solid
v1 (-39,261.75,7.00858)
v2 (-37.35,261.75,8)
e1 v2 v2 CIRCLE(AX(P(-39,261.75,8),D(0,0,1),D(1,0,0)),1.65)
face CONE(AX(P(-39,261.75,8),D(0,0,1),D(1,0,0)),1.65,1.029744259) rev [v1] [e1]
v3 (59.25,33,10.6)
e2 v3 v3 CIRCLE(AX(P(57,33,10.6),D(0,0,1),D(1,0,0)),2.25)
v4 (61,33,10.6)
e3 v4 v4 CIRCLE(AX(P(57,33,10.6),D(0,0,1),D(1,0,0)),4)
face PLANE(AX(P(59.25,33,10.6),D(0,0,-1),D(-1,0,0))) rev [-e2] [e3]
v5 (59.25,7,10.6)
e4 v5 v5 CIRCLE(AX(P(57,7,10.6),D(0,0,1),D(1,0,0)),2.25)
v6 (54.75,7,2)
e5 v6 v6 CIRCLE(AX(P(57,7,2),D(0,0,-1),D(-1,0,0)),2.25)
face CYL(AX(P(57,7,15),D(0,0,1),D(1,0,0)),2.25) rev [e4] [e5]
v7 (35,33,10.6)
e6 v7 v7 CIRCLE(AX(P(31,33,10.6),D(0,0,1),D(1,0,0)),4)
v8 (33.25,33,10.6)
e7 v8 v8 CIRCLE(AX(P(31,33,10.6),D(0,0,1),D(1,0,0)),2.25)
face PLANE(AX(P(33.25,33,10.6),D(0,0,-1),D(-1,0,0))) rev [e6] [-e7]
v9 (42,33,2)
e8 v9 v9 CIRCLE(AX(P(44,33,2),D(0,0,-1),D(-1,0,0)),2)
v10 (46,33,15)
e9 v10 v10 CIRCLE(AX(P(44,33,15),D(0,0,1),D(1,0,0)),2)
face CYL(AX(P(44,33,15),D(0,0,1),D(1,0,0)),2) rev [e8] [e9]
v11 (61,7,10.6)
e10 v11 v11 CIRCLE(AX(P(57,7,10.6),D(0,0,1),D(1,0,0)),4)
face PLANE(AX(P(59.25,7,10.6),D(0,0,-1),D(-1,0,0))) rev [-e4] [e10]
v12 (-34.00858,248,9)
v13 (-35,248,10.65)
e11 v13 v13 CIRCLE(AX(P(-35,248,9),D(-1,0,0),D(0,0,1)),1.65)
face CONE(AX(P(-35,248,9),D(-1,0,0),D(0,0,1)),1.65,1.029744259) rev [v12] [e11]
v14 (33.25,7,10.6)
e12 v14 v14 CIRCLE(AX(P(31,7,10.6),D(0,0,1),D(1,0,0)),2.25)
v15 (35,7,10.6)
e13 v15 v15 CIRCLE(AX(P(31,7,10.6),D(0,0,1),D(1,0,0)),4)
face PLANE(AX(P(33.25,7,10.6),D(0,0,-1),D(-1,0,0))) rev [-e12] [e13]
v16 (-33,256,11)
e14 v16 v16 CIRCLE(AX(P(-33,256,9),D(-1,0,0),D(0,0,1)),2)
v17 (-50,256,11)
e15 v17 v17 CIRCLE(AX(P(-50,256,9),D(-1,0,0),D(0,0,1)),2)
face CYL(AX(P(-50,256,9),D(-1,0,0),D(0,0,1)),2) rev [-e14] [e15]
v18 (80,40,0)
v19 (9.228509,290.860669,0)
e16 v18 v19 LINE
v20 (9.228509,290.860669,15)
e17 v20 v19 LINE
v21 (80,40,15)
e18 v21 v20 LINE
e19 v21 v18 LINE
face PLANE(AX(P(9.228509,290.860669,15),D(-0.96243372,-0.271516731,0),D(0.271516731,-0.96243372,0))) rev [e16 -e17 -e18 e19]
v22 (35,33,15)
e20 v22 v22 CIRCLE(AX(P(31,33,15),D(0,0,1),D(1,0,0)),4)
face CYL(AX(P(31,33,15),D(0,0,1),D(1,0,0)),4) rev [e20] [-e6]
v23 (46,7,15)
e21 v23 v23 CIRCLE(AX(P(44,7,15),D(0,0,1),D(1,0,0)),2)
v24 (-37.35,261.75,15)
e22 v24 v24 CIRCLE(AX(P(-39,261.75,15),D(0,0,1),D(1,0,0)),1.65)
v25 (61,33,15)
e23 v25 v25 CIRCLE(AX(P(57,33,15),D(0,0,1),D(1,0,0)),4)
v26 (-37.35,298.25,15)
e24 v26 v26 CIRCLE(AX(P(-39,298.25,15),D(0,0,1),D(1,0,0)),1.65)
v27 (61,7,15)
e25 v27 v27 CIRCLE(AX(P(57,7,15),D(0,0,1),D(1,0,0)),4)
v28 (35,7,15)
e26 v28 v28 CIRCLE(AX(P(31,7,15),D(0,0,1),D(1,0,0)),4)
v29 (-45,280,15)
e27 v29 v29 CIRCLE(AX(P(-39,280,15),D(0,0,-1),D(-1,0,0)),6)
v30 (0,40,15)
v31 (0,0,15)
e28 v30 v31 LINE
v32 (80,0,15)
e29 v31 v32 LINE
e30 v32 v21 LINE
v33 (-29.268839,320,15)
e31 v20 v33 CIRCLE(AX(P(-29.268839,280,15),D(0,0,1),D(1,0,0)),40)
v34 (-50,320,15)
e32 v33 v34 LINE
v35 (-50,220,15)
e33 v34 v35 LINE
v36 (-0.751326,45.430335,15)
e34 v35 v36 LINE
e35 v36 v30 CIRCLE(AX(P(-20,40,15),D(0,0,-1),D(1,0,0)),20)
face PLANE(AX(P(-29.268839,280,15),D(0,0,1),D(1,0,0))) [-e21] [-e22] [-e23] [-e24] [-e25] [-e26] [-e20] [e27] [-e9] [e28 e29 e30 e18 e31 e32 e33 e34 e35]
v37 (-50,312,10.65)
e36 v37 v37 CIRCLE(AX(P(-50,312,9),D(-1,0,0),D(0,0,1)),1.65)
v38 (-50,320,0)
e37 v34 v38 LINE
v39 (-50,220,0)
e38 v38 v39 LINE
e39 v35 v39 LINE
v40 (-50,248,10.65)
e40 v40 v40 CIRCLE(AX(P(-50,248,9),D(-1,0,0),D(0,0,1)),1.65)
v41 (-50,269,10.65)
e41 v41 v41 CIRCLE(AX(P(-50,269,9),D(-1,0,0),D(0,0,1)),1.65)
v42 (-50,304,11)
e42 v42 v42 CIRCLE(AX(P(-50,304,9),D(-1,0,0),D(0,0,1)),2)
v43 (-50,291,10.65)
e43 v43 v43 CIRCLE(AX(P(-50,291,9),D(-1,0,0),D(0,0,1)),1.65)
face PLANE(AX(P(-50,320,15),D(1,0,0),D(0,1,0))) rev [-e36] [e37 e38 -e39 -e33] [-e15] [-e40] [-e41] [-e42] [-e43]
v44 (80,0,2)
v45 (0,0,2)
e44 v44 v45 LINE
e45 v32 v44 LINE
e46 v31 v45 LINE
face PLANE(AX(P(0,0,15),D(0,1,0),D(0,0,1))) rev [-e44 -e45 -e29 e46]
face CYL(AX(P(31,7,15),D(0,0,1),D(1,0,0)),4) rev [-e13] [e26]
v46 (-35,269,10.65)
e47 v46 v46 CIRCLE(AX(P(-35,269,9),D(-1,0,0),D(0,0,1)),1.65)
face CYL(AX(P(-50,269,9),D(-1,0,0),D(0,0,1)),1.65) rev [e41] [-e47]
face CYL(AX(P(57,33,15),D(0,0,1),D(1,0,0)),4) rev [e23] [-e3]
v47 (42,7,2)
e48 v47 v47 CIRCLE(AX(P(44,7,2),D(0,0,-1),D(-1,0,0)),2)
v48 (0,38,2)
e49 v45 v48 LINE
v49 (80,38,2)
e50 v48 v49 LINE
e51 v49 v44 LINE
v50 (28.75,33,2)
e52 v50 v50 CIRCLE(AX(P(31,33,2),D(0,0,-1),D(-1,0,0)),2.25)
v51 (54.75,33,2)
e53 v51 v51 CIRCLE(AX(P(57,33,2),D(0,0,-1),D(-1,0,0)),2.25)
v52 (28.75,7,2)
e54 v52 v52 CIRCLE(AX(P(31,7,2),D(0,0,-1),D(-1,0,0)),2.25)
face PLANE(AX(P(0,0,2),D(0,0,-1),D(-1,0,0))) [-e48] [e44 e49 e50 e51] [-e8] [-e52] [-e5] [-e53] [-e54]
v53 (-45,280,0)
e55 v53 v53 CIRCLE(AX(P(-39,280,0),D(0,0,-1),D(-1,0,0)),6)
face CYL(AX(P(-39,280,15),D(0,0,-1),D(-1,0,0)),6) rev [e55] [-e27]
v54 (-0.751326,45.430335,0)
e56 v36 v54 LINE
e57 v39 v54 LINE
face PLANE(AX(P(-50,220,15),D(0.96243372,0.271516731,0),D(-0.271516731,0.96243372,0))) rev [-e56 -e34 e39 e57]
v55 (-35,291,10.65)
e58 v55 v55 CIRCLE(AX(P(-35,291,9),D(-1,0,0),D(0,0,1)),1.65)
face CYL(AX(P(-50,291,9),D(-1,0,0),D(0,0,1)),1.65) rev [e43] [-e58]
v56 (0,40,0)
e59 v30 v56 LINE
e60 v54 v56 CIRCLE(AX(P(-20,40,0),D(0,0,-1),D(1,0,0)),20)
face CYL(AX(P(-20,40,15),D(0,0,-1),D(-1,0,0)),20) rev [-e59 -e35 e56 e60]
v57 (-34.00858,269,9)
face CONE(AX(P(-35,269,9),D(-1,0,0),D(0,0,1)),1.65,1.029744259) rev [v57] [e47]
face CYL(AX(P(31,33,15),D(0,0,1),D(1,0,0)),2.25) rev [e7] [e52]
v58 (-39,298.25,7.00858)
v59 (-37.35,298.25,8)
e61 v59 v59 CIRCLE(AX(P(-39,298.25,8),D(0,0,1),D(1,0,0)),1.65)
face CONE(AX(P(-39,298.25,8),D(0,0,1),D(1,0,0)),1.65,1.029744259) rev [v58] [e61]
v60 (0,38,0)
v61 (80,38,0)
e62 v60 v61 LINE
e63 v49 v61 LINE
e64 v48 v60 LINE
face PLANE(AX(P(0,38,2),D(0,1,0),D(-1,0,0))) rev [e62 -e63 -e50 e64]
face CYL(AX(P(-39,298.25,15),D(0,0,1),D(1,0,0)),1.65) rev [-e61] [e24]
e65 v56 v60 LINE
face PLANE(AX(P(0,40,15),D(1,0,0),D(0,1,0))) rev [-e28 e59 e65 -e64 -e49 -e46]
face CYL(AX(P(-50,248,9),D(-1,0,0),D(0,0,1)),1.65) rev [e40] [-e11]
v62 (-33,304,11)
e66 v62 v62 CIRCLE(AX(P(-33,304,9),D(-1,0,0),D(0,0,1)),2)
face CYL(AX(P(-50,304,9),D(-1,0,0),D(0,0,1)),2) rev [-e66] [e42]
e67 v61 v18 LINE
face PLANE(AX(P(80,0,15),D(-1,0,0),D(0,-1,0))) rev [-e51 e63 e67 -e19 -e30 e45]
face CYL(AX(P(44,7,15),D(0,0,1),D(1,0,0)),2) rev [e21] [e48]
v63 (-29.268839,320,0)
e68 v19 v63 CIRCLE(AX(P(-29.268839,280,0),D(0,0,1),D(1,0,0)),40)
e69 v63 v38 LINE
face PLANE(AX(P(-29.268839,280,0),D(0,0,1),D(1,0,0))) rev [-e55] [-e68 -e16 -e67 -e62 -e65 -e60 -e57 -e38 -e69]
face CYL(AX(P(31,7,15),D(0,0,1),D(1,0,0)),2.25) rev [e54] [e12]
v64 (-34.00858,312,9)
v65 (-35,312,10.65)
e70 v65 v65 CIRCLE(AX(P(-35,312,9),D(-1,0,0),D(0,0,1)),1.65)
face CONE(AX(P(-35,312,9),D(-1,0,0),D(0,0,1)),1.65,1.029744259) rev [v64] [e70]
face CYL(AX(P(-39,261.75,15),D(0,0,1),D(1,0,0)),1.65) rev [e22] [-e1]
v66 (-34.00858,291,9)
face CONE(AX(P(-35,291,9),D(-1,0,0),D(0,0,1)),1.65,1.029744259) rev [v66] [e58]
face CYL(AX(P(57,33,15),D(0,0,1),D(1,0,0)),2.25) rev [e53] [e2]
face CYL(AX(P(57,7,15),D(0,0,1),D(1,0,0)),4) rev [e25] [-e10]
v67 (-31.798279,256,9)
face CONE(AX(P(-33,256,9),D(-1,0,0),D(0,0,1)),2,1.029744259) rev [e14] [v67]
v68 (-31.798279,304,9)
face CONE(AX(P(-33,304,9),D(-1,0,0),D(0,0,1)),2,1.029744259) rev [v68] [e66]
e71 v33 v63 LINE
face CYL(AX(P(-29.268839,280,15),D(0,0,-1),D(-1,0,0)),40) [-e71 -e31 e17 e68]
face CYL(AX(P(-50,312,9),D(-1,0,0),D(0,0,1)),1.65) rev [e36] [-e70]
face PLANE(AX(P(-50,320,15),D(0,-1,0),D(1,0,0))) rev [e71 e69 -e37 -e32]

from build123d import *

# Parameters (mm, degrees)
SALIENTE_EXTRUIR1_DEPTH                              = 15
CROQUIS2_R                                           = 6
CORTAR_EXTRUIR1_DEPTH                                = 16
PERFORADOR_PARA_ROSCAR_PARA_MACHO_DE_ROS_D           = 3.3
PERFORADOR_PARA_ROSCAR_PARA_MACHO_DE_ROS_DEPTH       = 7
PERFORADOR_PARA_ROSCAR_PARA_MACHO_DE_ROS_TIP         = 0.991420021
CROQUIS9_W                                           = 80
CROQUIS9_H                                           = 38
CORTAR_EXTRUIR2_DEPTH                                = 2
TALADRO_ROSCADO_M41_D                                = 3.3
TALADRO_ROSCADO_M41_DEPTH                            = 15
TALADRO_ROSCADO_M41_TIP                              = 0.991420021
TALADROS_DE_ESPIGA_DE_4_0MM1_D                       = 4
TALADROS_DE_ESPIGA_DE_4_0MM1_DEPTH                   = 17
TALADROS_DE_ESPIGA_DE_4_0MM1_TIP                     = 1.201721238
TALADROS_DE_ESPIGA_DE_4_0MM3_D                       = 4
REFRENTADO_PARA_TORNILLO_CON_CABEZA_HUEC_D           = 4.5
REFRENTADO_PARA_TORNILLO_CON_CABEZA_HUEC_CBORE_D     = 8
REFRENTADO_PARA_TORNILLO_CON_CABEZA_HUEC_CBORE_DEPTH = 4.4


with BuildPart() as part:
    # Croquis1 → Saliente-Extruir1 (new body)
    with BuildSketch(Plane.XY):
        with BuildLine():
            Line((80, 0), (80, 40))
            Line((80, 40), (9.228509485, 290.860669242))
            ThreePointArc((9.228509485, 290.860669242), (-5.12786552, 311.893782856), (-29.268839302, 320))
            Line((-29.268839302, 320), (-50, 320))
            Line((-50, 320), (-50, 220))
            Line((-50, 220), (-0.751325607, 45.430334621))
            ThreePointArc((-0.751325607, 45.430334621), (-0.1887218, 42.741031935), (0, 40))
            Line((0, 40), (0, 0))
            Line((0, 0), (80, 0))
        make_face()
    extrude(amount=SALIENTE_EXTRUIR1_DEPTH)

    # Croquis2 → Cortar-Extruir1 (cut, through all)
    with BuildSketch(Plane(origin=(0, 0, 0), x_dir=(-1, 0, 0), z_dir=(0, 0, -1))):
        with Locations((39, 280)):
            Circle(CROQUIS2_R)
    extrude(amount=-CORTAR_EXTRUIR1_DEPTH, mode=Mode.SUBTRACT)

    # Perforador para roscar para macho de roscar para M44
    with Locations(Plane.XY.offset(15)):
        with Locations((-39, 298.25), (-39, 261.75)):
            Hole(PERFORADOR_PARA_ROSCAR_PARA_MACHO_DE_ROS_D / 2, depth=PERFORADOR_PARA_ROSCAR_PARA_MACHO_DE_ROS_DEPTH)
            with Locations((0, 0, -(PERFORADOR_PARA_ROSCAR_PARA_MACHO_DE_ROS_DEPTH + PERFORADOR_PARA_ROSCAR_PARA_MACHO_DE_ROS_TIP / 2))):  # 118° drill point
                Cone(0, PERFORADOR_PARA_ROSCAR_PARA_MACHO_DE_ROS_D / 2, PERFORADOR_PARA_ROSCAR_PARA_MACHO_DE_ROS_TIP, mode=Mode.SUBTRACT)

    # Croquis9 → Cortar-Extruir2 (cut)
    with BuildSketch(Plane(origin=(0, 0, 0), x_dir=(-1, 0, 0), z_dir=(0, 0, -1))):
        with Locations((-40, 19)):
            Rectangle(CROQUIS9_W, CROQUIS9_H)
    extrude(amount=-CORTAR_EXTRUIR2_DEPTH, mode=Mode.SUBTRACT)

    # Taladro roscado M41
    with Locations(Plane.ZY.offset(50)):
        with Locations((9, 312), (9, 248), (9, 291), (9, 269)):
            Hole(TALADRO_ROSCADO_M41_D / 2, depth=TALADRO_ROSCADO_M41_DEPTH)
            with Locations((0, 0, -(TALADRO_ROSCADO_M41_DEPTH + TALADRO_ROSCADO_M41_TIP / 2))):  # 118° drill point
                Cone(0, TALADRO_ROSCADO_M41_D / 2, TALADRO_ROSCADO_M41_TIP, mode=Mode.SUBTRACT)

    # Taladros de espiga de Ø4.0mm1
    with Locations(Plane.ZY.offset(50)):
        with Locations((9, 304), (9, 256)):
            Hole(TALADROS_DE_ESPIGA_DE_4_0MM1_D / 2, depth=TALADROS_DE_ESPIGA_DE_4_0MM1_DEPTH)
            with Locations((0, 0, -(TALADROS_DE_ESPIGA_DE_4_0MM1_DEPTH + TALADROS_DE_ESPIGA_DE_4_0MM1_TIP / 2))):  # 118° drill point
                Cone(0, TALADROS_DE_ESPIGA_DE_4_0MM1_D / 2, TALADROS_DE_ESPIGA_DE_4_0MM1_TIP, mode=Mode.SUBTRACT)

    # Taladros de espiga de Ø4.0mm3 (through all)
    with Locations(Plane.XY.offset(15)):
        with Locations((44, 33), (44, 7)):
            Hole(TALADROS_DE_ESPIGA_DE_4_0MM3_D / 2)

    # Refrentado para tornillo con cabeza hueca de M41 (through all)
    with Locations(Plane.XY.offset(15)):
        with Locations((57, 33), (31, 7), (31, 33), (57, 7)):
            CounterBoreHole(REFRENTADO_PARA_TORNILLO_CON_CABEZA_HUEC_D / 2, REFRENTADO_PARA_TORNILLO_CON_CABEZA_HUEC_CBORE_D / 2, REFRENTADO_PARA_TORNILLO_CON_CABEZA_HUEC_CBORE_DEPTH)


solid = part.part
